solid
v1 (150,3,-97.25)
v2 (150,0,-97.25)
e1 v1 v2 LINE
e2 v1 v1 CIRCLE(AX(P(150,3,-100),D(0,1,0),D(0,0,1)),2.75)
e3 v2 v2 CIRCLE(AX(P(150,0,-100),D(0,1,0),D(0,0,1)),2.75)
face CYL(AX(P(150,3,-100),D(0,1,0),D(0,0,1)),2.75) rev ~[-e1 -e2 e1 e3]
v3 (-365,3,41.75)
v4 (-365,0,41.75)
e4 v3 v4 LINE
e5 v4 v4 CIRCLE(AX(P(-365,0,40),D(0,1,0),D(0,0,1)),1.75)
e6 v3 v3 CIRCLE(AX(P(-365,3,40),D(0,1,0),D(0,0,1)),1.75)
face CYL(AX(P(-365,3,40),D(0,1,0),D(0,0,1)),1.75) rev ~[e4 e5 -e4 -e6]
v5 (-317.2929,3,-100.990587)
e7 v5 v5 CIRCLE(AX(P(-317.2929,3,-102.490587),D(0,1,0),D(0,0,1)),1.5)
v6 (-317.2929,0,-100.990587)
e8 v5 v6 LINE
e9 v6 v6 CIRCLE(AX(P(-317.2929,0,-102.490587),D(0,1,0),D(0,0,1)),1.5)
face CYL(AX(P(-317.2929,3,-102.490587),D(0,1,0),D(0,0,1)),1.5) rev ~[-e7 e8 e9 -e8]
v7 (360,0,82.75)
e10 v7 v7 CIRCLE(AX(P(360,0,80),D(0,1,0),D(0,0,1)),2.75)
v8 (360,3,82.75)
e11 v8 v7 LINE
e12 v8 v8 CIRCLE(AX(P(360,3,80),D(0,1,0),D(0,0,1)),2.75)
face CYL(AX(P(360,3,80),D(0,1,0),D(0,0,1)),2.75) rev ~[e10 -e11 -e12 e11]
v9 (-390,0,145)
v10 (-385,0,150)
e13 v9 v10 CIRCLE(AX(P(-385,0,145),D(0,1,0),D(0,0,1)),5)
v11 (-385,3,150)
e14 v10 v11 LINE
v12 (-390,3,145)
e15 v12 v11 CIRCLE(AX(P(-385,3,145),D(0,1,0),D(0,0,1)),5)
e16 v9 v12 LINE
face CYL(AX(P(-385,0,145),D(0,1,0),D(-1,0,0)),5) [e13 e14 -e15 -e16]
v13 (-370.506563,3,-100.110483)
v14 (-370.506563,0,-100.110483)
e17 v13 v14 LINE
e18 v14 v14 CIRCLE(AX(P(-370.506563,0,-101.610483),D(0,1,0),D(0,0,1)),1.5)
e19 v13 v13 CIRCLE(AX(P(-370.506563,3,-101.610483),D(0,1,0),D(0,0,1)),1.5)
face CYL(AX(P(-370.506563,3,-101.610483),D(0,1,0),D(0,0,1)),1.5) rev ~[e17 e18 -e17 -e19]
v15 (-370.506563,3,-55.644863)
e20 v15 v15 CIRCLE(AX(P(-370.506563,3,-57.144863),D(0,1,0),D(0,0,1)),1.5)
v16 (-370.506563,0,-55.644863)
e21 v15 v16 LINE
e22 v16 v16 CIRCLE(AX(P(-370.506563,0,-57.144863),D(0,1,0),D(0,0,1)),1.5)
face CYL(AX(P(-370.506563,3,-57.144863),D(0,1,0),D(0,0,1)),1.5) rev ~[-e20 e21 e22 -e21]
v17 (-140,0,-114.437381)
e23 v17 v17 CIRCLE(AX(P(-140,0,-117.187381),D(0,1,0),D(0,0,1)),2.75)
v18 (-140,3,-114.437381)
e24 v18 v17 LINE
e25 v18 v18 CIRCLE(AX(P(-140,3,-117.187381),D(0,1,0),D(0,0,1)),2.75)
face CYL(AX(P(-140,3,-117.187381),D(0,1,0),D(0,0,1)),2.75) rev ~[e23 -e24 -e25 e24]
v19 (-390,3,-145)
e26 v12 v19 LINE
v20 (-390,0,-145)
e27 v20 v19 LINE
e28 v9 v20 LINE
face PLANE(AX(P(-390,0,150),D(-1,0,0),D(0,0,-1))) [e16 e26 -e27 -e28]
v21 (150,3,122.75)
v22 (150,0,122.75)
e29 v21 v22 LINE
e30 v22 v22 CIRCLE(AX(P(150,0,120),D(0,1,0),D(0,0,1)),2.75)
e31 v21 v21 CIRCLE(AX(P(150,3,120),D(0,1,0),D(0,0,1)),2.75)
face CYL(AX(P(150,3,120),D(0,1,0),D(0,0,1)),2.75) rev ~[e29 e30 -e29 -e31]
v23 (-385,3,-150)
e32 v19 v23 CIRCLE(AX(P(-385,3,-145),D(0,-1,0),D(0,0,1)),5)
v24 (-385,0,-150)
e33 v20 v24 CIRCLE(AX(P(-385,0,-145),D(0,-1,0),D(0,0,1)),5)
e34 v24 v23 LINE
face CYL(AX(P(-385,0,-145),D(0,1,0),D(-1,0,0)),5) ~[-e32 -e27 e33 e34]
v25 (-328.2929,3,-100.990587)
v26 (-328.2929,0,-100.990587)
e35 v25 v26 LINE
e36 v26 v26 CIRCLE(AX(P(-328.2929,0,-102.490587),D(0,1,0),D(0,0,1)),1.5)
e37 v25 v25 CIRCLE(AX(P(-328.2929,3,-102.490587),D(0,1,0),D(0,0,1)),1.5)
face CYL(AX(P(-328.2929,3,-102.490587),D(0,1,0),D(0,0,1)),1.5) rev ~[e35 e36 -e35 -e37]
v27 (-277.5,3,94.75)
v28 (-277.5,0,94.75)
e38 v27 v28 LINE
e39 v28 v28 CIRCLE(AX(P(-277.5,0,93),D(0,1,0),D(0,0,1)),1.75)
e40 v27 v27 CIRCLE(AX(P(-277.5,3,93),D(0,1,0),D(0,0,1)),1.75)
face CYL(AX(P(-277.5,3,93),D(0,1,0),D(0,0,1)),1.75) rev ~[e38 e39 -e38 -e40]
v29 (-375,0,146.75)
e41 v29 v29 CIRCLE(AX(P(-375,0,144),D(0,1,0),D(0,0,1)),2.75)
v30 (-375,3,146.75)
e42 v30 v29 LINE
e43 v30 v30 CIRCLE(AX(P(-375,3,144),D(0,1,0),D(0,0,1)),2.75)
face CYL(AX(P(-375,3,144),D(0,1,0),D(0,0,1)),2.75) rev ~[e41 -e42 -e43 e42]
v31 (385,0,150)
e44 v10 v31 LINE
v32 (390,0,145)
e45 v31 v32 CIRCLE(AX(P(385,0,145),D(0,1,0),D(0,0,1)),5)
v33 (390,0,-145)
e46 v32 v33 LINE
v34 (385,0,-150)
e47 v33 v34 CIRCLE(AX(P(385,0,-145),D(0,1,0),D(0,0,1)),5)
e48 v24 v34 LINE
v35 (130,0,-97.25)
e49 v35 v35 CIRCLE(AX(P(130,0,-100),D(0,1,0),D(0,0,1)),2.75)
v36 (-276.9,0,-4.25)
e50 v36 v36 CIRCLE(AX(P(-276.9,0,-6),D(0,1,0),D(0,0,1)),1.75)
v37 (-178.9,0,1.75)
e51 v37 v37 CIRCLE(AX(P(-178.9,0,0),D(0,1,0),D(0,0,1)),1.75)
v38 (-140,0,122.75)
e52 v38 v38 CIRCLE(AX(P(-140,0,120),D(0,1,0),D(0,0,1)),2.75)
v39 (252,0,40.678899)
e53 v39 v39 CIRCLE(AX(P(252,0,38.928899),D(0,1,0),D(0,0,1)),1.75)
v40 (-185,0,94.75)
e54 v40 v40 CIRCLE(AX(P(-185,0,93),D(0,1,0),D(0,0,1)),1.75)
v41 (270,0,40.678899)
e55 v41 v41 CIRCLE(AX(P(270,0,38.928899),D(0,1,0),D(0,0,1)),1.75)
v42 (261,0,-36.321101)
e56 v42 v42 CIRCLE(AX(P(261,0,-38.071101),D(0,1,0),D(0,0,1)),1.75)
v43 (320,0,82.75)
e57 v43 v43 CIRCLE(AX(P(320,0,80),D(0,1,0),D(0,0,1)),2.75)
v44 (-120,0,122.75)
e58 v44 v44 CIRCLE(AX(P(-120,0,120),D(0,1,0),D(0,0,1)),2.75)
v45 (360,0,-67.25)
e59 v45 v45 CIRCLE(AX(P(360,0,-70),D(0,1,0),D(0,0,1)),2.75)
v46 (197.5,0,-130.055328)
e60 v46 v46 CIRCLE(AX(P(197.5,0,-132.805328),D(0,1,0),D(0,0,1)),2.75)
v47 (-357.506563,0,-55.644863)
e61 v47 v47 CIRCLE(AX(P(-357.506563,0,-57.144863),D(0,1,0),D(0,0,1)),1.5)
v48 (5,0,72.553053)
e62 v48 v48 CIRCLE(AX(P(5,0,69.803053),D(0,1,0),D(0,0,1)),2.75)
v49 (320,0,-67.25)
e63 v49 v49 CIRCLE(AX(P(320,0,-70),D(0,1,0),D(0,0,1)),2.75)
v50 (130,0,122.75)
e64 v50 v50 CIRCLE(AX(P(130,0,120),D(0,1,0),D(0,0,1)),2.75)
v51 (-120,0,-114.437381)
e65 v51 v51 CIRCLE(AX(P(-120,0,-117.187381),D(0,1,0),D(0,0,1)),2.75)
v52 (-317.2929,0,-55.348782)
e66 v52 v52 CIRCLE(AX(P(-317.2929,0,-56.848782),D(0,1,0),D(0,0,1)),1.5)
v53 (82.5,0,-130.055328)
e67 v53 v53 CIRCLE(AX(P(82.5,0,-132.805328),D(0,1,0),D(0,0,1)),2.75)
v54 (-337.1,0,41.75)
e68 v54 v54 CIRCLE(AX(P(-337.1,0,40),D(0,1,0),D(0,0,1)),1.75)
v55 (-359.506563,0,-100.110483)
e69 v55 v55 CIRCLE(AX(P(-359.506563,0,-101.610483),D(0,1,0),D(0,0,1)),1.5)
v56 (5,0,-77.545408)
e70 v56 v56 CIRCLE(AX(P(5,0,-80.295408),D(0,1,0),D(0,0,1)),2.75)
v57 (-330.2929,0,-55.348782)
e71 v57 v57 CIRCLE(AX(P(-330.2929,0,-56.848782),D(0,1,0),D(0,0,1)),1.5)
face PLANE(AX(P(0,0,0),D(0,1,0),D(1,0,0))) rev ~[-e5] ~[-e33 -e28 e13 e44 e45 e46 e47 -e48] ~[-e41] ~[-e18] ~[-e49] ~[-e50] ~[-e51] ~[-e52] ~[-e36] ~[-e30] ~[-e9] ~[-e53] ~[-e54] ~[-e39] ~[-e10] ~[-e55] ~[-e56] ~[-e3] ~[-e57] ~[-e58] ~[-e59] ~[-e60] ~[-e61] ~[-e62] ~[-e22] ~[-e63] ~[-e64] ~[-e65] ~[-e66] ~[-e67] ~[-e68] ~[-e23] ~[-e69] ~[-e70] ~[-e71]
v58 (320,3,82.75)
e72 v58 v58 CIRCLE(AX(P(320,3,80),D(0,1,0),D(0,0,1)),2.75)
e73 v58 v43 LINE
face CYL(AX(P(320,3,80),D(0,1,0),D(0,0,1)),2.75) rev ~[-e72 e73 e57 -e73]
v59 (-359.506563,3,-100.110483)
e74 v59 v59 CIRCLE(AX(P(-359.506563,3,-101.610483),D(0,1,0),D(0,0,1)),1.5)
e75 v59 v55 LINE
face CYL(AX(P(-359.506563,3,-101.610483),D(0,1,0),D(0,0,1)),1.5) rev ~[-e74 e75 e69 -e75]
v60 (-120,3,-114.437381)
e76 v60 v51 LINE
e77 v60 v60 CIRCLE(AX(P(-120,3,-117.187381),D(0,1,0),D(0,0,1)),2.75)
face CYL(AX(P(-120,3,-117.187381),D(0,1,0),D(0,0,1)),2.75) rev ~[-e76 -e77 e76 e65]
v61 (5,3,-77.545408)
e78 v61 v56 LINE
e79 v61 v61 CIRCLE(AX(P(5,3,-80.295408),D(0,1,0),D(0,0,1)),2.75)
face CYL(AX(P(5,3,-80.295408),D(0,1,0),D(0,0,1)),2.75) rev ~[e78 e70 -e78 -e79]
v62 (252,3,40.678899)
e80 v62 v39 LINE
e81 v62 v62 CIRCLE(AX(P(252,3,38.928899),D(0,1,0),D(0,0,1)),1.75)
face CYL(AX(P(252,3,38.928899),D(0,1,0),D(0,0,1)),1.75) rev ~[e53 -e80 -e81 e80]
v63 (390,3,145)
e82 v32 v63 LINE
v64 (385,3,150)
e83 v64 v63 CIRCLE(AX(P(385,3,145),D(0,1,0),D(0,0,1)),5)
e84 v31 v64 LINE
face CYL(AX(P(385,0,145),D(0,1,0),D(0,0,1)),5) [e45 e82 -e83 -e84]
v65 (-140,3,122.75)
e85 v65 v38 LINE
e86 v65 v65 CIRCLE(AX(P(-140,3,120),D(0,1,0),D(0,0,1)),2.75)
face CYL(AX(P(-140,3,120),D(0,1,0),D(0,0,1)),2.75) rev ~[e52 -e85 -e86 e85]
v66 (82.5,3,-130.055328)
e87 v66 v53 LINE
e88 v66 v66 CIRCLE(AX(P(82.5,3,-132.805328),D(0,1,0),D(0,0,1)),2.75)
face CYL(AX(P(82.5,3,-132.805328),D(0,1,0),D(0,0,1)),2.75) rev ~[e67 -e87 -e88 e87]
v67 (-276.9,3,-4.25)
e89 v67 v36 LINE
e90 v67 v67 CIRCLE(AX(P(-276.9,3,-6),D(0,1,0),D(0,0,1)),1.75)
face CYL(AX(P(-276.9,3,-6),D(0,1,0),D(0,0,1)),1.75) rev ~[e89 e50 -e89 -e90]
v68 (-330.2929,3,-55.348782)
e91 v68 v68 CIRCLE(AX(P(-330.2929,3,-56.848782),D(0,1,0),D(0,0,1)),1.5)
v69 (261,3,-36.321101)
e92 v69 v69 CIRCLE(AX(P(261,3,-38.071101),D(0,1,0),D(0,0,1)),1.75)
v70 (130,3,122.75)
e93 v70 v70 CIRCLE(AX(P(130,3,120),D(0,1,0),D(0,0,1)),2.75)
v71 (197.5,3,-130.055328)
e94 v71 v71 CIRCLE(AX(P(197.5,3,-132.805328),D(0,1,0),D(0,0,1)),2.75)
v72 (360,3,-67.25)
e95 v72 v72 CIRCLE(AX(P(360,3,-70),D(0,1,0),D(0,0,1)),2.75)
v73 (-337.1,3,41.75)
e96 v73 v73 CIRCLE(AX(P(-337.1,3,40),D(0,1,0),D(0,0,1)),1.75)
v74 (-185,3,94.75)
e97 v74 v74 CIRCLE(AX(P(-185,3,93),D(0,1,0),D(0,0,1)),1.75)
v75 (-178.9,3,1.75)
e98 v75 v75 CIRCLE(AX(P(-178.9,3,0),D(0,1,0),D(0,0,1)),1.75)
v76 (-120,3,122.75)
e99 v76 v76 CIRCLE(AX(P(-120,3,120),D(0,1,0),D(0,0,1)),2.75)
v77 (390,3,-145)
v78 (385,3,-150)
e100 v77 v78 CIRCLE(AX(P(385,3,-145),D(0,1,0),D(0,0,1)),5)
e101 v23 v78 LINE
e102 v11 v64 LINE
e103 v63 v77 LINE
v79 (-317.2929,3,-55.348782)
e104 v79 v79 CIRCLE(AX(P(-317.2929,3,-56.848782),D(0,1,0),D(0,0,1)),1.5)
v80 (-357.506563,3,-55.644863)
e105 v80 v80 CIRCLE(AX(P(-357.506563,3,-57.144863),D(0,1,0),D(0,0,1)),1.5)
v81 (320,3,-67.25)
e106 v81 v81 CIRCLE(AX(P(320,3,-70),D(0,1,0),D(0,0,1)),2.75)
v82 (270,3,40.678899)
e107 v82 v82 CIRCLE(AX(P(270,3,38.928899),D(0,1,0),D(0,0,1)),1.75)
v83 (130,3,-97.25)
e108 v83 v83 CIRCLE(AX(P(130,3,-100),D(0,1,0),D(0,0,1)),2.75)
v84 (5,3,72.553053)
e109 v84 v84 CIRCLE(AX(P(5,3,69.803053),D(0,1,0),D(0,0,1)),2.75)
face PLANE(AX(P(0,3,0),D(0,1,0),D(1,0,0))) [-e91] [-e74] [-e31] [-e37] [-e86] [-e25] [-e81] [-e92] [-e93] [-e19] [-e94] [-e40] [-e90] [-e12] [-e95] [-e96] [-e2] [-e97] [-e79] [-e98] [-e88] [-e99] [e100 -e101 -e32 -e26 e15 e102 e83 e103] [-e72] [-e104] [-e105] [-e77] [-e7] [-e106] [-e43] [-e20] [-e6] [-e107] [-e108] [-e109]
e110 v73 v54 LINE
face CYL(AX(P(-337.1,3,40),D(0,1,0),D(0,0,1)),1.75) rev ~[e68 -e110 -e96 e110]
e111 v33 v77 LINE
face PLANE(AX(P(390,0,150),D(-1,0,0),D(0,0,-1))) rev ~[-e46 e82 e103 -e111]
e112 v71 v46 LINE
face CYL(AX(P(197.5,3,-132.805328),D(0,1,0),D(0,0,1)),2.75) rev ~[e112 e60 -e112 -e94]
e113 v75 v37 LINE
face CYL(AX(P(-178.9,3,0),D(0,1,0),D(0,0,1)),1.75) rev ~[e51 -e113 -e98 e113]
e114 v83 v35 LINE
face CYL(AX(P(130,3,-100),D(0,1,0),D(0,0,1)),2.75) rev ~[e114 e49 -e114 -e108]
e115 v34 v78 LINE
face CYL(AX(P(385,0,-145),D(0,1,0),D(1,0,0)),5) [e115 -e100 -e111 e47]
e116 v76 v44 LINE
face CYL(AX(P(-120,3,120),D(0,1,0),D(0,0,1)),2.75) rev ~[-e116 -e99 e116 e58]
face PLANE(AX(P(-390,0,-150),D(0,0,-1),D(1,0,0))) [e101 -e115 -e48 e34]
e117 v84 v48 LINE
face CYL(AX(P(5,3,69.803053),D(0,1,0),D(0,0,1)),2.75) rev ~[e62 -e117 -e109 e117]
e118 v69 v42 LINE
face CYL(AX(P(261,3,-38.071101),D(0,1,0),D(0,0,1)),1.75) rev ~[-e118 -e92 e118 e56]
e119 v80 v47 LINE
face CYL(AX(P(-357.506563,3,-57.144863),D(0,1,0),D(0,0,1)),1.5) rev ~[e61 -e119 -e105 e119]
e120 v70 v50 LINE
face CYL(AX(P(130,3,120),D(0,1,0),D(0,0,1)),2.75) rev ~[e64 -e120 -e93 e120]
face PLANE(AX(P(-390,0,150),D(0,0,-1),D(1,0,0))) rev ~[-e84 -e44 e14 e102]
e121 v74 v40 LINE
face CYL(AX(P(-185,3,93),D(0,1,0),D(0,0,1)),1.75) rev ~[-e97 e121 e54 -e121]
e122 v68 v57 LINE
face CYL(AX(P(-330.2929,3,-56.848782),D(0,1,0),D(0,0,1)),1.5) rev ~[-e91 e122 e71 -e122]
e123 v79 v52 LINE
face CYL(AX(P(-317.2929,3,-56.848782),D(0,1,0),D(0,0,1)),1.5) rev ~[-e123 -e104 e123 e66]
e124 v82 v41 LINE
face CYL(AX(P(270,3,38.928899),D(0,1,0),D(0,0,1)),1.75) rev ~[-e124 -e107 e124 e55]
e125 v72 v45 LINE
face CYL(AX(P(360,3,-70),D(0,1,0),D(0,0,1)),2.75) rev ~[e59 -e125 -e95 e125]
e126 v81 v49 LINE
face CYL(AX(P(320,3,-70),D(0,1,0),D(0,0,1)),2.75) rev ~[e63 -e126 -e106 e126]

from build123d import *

# Parameters (mm, degrees)
SKETCH2_W           = 780
SKETCH2_H           = 300
BOSS_EXTRUDE1_DEPTH = 3
FILLET1_R           = 5
SKETCH4_R           = 2.75
SKETCH4_R_2         = 1.75
SKETCH4_R_3         = 1.5
CUT_EXTRUDE3_DEPTH  = 10


with BuildPart() as part:
    # Sketch2 → Boss-Extrude1 (new body)
    with BuildSketch(Plane(origin=(0, 0, 0), x_dir=(1, 0, 0), z_dir=(0, 1, 0))):
        Rectangle(SKETCH2_W, SKETCH2_H)
    extrude(amount=BOSS_EXTRUDE1_DEPTH)

    # Fillet1
    fillet1_edges = [part.edges().sort_by_distance(p)[0] for p in [
        (-390, 1.5, -150),
        (390, 1.5, -150),
        (390, 1.5, 150),
        (-390, 1.5, 150),
    ]]
    fillet(fillet1_edges, radius=FILLET1_R)

    # Sketch4 → Cut-Extrude3 (cut)
    with BuildSketch(Plane(origin=(0, 3, 0), x_dir=(1, 0, 0), z_dir=(0, 1, 0))):
        with Locations(Location((5, 80.295408127, 0), (0, 0, 270))):
            Circle(SKETCH4_R)
        with Locations(Location((5, -69.803053448, 0), (0, 0, 270))):
            Circle(SKETCH4_R)
        with Locations(Location((82.5, 132.805328431, 0), (0, 0, 270))):
            Circle(SKETCH4_R)
        with Locations(Location((197.5, 132.805328431, 0), (0, 0, 270))):
            Circle(SKETCH4_R)
        with Locations(Location((130, 100, 0), (0, 0, 270))):
            Circle(SKETCH4_R)
        with Locations(Location((150, 100, 0), (0, 0, 270))):
            Circle(SKETCH4_R)
        with Locations(Location((-276.9, 6, 0), (0, 0, 270))):
            Circle(SKETCH4_R_2)
        with Locations(Location((-178.9, 0, 0), (0, 0, 270))):
            Circle(SKETCH4_R_2)
        with Locations(Location((-185, -93, 0), (0, 0, 270))):
            Circle(SKETCH4_R_2)
        with Locations(Location((-277.5, -93, 0), (0, 0, 270))):
            Circle(SKETCH4_R_2)
        with Locations(Location((360, -80, 0), (0, 0, 270))):
            Circle(SKETCH4_R)
        with Locations(Location((270, -38.928899428, 0), (0, 0, 270))):
            Circle(SKETCH4_R_2)
        with Locations(Location((261, 38.071100572, 0), (0, 0, 270))):
            Circle(SKETCH4_R_2)
        with Locations(Location((-328.292899545, 102.490587084, 0), (0, 0, 270))):
            Circle(SKETCH4_R_3)
        with Locations(Location((-317.292899545, 102.490587084, 0), (0, 0, 270))):
            Circle(SKETCH4_R_3)
        with Locations(Location((-330.292899545, 56.848781738, 0), (0, 0, 270))):
            Circle(SKETCH4_R_3)
        with Locations(Location((-317.292899545, 56.848781738, 0), (0, 0, 270))):
            Circle(SKETCH4_R_3)
        with Locations(Location((-370.506562807, 57.144862602, 0), (0, 0, 270))):
            Circle(SKETCH4_R_3)
        with Locations(Location((-357.506562807, 57.144862602, 0), (0, 0, 270))):
            Circle(SKETCH4_R_3)
        with Locations(Location((-365, -40, 0), (0, 0, 270))):
            Circle(SKETCH4_R_2)
        with Locations(Location((-337.1, -40, 0), (0, 0, 270))):
            Circle(SKETCH4_R_2)
        with Locations(Location((-375, -144, 0), (0, 0, 270))):
            Circle(SKETCH4_R)
        with Locations(Location((-140, -120, 0), (0, 0, 270))):
            Circle(SKETCH4_R)
        with Locations(Location((-120, -120, 0), (0, 0, 270))):
            Circle(SKETCH4_R)
        with Locations(Location((360, 70, 0), (0, 0, 270))):
            Circle(SKETCH4_R)
        with Locations(Location((130, -120, 0), (0, 0, 270))):
            Circle(SKETCH4_R)
        with Locations(Location((150, -120, 0), (0, 0, 270))):
            Circle(SKETCH4_R)
        with Locations(Location((320, -80, 0), (0, 0, 270))):
            Circle(SKETCH4_R)
        with Locations(Location((320, 70, 0), (0, 0, 270))):
            Circle(SKETCH4_R)
        with Locations(Location((252, -38.928899428, 0), (0, 0, 270))):
            Circle(SKETCH4_R_2)
        with Locations(Location((-140, 117.187380821, 0), (0, 0, 270))):
            Circle(SKETCH4_R)
        with Locations(Location((-120, 117.187380821, 0), (0, 0, 270))):
            Circle(SKETCH4_R)
        with Locations(Location((-370.506562807, 101.610482847, 0), (0, 0, 270))):
            Circle(SKETCH4_R_3)
        with Locations(Location((-359.506562807, 101.610482847, 0), (0, 0, 270))):
            Circle(SKETCH4_R_3)
    extrude(amount=-CUT_EXTRUDE3_DEPTH, mode=Mode.SUBTRACT)


solid = part.part
